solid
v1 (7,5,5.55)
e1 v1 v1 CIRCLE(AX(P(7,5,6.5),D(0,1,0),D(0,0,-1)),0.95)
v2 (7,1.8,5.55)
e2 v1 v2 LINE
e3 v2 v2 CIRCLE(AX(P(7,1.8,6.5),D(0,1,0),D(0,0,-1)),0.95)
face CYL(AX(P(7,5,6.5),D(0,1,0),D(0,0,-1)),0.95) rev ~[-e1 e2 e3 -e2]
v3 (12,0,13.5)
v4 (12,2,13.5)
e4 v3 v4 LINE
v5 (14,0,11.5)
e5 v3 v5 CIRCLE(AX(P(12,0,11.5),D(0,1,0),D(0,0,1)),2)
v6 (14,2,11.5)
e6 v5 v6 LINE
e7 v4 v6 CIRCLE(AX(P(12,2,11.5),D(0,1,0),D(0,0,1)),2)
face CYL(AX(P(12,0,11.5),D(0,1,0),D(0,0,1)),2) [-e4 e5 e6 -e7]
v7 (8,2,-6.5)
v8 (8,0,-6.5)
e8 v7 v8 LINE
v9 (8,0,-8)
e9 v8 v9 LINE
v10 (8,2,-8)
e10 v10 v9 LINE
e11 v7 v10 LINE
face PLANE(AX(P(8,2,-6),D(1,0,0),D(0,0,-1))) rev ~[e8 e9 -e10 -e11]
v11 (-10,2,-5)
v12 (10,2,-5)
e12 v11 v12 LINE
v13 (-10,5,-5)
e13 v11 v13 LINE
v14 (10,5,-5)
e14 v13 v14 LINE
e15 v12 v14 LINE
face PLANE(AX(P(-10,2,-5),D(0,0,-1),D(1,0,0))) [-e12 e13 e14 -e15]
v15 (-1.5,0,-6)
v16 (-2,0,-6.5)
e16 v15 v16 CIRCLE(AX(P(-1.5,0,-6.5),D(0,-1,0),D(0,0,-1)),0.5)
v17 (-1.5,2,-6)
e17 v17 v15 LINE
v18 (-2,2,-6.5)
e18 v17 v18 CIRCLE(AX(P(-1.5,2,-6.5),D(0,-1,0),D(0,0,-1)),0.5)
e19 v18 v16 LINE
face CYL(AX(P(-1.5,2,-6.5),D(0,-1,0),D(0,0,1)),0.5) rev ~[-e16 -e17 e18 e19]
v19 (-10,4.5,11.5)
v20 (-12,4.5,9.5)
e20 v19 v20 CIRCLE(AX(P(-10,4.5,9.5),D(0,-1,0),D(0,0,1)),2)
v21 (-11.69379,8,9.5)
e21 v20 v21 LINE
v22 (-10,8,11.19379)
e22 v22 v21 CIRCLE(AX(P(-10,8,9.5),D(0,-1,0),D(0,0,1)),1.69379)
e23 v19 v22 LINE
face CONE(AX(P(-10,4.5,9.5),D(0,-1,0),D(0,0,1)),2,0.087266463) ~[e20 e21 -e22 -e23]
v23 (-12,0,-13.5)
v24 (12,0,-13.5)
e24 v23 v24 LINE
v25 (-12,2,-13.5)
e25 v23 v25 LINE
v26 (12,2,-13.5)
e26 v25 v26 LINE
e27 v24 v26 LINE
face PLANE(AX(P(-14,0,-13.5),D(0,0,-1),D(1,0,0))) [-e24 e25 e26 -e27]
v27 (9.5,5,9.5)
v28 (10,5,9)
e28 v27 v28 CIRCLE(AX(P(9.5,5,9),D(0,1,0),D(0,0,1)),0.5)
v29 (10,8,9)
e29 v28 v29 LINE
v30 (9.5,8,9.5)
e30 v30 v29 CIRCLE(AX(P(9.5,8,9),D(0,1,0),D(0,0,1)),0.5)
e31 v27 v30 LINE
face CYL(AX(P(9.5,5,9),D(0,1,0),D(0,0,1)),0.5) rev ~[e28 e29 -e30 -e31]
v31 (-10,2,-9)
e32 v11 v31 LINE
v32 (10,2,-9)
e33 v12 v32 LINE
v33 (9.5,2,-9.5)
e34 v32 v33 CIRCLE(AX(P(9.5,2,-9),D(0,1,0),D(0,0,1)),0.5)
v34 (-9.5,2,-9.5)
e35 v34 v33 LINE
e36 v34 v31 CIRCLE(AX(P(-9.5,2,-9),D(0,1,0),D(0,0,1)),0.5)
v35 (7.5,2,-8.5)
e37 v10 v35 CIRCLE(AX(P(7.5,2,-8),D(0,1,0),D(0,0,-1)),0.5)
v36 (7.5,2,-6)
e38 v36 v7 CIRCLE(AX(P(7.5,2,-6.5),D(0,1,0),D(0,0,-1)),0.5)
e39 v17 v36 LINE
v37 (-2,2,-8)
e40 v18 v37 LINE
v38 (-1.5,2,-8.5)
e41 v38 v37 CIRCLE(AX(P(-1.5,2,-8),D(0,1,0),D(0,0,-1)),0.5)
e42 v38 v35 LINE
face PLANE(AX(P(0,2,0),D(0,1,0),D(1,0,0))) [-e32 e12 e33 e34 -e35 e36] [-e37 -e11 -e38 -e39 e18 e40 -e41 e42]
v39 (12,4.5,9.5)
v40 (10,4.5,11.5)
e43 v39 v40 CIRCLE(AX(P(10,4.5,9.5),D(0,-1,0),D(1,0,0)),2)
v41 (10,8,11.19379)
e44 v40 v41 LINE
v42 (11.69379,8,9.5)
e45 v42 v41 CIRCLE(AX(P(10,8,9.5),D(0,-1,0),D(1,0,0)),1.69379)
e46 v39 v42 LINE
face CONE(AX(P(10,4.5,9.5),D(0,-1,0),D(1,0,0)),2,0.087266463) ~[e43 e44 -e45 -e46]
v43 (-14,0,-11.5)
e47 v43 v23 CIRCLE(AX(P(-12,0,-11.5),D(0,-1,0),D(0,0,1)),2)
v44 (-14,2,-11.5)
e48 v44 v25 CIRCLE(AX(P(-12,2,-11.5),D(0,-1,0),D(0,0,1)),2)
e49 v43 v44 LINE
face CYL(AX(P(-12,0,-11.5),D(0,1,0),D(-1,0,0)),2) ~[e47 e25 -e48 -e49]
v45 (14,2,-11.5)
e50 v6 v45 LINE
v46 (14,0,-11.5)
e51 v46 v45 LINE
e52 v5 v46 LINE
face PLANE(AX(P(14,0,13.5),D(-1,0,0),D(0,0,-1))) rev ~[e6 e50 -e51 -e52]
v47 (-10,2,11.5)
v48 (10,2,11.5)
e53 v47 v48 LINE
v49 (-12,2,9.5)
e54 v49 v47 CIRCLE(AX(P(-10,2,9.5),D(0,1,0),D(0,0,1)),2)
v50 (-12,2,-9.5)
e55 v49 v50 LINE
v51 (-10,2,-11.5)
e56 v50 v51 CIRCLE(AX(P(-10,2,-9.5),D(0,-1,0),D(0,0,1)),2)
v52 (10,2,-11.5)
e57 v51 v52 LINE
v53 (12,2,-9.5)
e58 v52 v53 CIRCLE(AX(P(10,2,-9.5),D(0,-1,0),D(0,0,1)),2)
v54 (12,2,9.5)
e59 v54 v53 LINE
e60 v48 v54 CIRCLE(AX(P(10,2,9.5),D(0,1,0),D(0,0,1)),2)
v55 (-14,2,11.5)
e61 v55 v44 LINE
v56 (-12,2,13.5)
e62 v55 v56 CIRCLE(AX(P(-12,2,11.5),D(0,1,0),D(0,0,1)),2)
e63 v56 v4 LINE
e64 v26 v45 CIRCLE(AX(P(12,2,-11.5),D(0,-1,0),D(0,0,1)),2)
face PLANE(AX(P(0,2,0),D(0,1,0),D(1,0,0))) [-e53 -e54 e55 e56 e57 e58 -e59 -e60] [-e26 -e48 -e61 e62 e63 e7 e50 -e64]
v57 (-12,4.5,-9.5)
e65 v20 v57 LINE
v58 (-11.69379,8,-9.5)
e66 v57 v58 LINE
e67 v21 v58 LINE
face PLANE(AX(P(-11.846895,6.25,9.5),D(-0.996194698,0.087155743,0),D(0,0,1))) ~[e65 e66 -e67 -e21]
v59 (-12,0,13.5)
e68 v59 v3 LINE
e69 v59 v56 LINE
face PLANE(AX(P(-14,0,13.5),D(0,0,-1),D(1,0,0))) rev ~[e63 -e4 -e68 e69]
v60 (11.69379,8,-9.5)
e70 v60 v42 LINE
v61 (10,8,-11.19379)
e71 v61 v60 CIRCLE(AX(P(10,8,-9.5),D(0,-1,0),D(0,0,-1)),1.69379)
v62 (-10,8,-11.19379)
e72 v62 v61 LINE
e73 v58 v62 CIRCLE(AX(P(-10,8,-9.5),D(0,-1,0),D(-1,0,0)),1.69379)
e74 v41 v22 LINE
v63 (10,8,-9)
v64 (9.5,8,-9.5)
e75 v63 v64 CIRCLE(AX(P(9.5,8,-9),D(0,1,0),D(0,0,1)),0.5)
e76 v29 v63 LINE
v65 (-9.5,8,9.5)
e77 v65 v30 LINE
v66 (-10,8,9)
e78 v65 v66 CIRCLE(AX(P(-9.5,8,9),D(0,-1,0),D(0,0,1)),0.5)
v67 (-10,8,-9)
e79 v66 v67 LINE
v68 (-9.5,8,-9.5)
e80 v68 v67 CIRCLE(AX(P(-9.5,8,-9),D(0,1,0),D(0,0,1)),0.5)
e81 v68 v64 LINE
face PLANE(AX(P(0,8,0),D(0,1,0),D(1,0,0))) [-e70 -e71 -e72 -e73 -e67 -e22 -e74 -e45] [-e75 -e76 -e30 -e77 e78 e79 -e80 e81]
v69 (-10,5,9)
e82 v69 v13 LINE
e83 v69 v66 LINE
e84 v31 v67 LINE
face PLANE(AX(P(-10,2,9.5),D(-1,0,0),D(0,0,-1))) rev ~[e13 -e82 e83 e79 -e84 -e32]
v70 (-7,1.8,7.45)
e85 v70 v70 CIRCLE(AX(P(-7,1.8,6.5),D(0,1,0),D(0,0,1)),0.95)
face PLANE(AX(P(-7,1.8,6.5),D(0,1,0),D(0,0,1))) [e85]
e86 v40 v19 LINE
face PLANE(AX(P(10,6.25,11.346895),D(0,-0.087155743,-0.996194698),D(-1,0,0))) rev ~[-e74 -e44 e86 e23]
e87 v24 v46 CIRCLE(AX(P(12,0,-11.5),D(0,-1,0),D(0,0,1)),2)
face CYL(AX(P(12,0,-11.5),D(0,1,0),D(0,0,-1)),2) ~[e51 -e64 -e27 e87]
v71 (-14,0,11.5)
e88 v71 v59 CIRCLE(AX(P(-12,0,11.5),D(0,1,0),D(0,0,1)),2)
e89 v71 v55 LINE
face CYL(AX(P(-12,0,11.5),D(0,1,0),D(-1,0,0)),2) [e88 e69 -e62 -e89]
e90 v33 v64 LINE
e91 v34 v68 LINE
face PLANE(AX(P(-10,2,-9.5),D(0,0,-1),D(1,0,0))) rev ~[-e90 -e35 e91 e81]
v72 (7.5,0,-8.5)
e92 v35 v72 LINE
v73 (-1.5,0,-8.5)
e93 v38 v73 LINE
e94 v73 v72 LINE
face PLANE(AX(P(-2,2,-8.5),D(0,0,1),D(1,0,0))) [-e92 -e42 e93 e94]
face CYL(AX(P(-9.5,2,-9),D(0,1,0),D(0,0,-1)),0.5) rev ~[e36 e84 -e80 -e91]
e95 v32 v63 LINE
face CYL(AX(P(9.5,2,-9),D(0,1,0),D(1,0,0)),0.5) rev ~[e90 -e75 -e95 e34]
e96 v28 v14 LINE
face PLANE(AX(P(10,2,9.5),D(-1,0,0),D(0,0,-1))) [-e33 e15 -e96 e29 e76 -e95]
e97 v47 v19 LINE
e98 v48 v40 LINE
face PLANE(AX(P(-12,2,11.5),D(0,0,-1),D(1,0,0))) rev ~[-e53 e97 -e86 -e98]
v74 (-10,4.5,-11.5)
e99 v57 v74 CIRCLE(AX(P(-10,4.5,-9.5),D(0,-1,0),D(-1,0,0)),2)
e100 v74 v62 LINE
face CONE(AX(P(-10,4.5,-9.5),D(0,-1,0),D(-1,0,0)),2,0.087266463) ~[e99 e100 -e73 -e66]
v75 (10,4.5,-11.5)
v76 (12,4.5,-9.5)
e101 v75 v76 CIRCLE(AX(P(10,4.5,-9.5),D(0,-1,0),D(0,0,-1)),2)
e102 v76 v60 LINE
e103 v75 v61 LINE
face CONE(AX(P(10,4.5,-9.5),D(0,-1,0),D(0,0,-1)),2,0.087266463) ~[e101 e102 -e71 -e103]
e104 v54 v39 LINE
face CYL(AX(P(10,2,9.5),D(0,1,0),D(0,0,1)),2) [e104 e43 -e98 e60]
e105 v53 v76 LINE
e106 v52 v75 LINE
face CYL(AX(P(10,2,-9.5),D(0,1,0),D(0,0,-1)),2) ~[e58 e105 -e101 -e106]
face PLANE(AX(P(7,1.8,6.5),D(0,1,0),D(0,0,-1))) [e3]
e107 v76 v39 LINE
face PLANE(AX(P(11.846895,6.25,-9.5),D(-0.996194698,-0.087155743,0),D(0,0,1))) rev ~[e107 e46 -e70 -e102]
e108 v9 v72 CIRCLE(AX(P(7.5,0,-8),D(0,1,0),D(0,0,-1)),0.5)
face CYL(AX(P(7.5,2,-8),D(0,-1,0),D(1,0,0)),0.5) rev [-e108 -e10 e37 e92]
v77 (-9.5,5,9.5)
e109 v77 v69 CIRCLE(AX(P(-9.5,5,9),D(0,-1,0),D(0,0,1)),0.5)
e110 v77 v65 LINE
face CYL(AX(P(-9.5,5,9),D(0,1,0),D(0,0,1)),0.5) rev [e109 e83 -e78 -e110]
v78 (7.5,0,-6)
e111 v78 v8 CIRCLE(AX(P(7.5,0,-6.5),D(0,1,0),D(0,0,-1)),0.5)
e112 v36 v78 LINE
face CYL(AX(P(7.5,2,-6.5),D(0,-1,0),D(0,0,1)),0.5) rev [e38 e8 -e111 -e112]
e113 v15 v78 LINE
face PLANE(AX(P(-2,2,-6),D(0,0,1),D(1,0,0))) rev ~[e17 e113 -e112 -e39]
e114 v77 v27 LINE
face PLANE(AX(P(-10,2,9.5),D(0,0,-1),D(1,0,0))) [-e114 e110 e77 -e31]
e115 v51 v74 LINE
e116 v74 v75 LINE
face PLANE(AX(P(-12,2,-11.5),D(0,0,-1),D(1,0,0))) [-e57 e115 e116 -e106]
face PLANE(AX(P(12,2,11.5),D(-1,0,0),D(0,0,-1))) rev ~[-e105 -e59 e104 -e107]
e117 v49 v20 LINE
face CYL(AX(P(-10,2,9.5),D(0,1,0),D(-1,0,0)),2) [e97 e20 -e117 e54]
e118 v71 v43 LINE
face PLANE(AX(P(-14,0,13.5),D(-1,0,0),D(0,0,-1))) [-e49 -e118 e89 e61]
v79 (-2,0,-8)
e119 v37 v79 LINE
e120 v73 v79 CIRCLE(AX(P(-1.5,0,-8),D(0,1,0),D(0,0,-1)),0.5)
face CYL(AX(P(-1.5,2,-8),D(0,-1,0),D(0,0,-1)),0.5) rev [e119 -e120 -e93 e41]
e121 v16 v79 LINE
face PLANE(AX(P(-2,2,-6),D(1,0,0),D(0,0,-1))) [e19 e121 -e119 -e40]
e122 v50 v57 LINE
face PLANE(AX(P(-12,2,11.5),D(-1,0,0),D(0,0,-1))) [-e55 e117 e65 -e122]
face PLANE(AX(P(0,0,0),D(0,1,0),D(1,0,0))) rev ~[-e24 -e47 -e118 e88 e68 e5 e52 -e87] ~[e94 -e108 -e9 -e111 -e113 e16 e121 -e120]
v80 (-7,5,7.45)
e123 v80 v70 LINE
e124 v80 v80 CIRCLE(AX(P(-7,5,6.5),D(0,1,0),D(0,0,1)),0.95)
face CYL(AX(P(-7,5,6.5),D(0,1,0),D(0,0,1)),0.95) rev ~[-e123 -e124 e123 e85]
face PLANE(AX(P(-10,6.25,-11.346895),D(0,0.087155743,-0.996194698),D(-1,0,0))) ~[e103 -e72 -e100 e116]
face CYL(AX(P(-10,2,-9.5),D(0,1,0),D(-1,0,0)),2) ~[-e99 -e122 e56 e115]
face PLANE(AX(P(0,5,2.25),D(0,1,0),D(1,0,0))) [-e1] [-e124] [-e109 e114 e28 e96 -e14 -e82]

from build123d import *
from OCP.BRepFilletAPI import BRepFilletAPI_MakeChamfer

# Parameters (mm, degrees)
SKETCH1_W           = 28
SKETCH1_H           = 27
BOSS_EXTRUDE1_DEPTH = 2
SKETCH2_W           = 10
SKETCH2_H           = 2.5
CUT_EXTRUDE1_DEPTH  = 2
SKETCH3_W           = 20
SKETCH3_H           = 14.5
BOSS_EXTRUDE2_DEPTH = 3
SKETCH4_W           = 24
SKETCH4_H           = 23
SKETCH4_W_2         = 20
SKETCH4_H_2         = 19
BOSS_EXTRUDE3_DEPTH = 6
SKETCH5_R           = 0.95
CUT_EXTRUDE2_DEPTH  = 3.2
FILLET1_R           = 2
FILLET2_R           = 0.5
CHAMFER1_SIZE       = 3.5
CHAMFER1_SIZE2      = 0.306210322


with BuildPart() as part:
    # Sketch1 → Boss-Extrude1 (new body)
    with BuildSketch(Plane(origin=(0, 0, 0), x_dir=(1, 0, 0), z_dir=(0, 1, 0))):
        Rectangle(SKETCH1_W, SKETCH1_H)
    extrude(amount=BOSS_EXTRUDE1_DEPTH)

    # Sketch2 → Cut-Extrude1 (cut)
    with BuildSketch(Plane(origin=(0, 2, 0), x_dir=(1, 0, 0), z_dir=(0, 1, 0))):
        with Locations((3, 7.25)):
            Rectangle(SKETCH2_W, SKETCH2_H)
    extrude(amount=-CUT_EXTRUDE1_DEPTH, mode=Mode.SUBTRACT)

    # Sketch3 → Boss-Extrude2 (add)
    with BuildSketch(Plane(origin=(0, 2, 0), x_dir=(1, 0, 0), z_dir=(0, 1, 0))):
        with Locations((0, -2.25)):
            Rectangle(SKETCH3_W, SKETCH3_H)
    extrude(amount=BOSS_EXTRUDE2_DEPTH)

    # Sketch4 → Boss-Extrude3 (add)
    with BuildSketch(Plane(origin=(0, 2, 0), x_dir=(1, 0, 0), z_dir=(0, 1, 0))):
        Rectangle(SKETCH4_W, SKETCH4_H)
        Rectangle(SKETCH4_W_2, SKETCH4_H_2, mode=Mode.SUBTRACT)
    extrude(amount=BOSS_EXTRUDE3_DEPTH)

    # Sketch5 → Cut-Extrude2 (cut)
    with BuildSketch(Plane(origin=(0, 5, 0), x_dir=(1, 0, 0), z_dir=(0, 1, 0))):
        with Locations(Location((-7, -6.5, 0), (0, 0, 270))):
            Circle(SKETCH5_R)
        with Locations(Location((7, -6.5, 0), (0, 0, 90))):
            Circle(SKETCH5_R)
    extrude(amount=-CUT_EXTRUDE2_DEPTH, mode=Mode.SUBTRACT)

    # Fillet1
    fillet1_edges = [part.edges().sort_by_distance(p)[0] for p in [
        (12, 5, -11.5),
        (-12, 5, -11.5),
        (-12, 5, 11.5),
        (12, 5, 11.5),
        (14, 1, 13.5),
        (-14, 1, 13.5),
        (-14, 1, -13.5),
        (14, 1, -13.5),
    ]]
    fillet(fillet1_edges, radius=FILLET1_R)

    # Fillet2
    fillet2_edges = [part.edges().sort_by_distance(p)[0] for p in [
        (-2, 1, -8.5),
        (-2, 1, -6),
        (8, 1, -6),
        (8, 1, -8.5),
        (10, 5, -9.5),
        (-10, 6.5, 9.5),
        (10, 6.5, 9.5),
        (-10, 5, -9.5),
    ]]
    fillet(fillet2_edges, radius=FILLET2_R)

    # Chamfer1: one chamfer whose edges measure the first distance from different faces: ONE call of the kernel's chamfer builder (chamfer() names one face for all edges)
    chamfer1_edges_1 = [part.edges().sort_by_distance(p)[0] for p in [
        (0, 8, -11.5),
    ]]
    chamfer1_side_1 = [part.faces().sort_by_distance(p)[0] for p in [
        (0, 5, -11.5),
    ]]
    chamfer1_edges_2 = [part.edges().sort_by_distance(p)[0] for p in [
        (12, 8, 0),
    ]]
    chamfer1_side_2 = [part.faces().sort_by_distance(p)[0] for p in [
        (12, 5, 0),
    ]]
    chamfer1_edges_3 = [part.edges().sort_by_distance(p)[0] for p in [
        (-12, 8, 0),
    ]]
    chamfer1_side_3 = [part.faces().sort_by_distance(p)[0] for p in [
        (-12, 5, 0),
    ]]
    chamfer1_edges_4 = [part.edges().sort_by_distance(p)[0] for p in [
        (0, 8, 11.5),
    ]]
    chamfer1_side_4 = [part.faces().sort_by_distance(p)[0] for p in [
        (0, 5, 11.5),
    ]]
    chamfer1_edges_5 = [part.edges().sort_by_distance(p)[0] for p in [
        (-11.414213562, 8, -10.914213562),
    ]]
    chamfer1_side_5 = [part.faces().sort_by_distance(p)[0] for p in [
        (-11.414213562, 5, -10.914213562),
    ]]
    chamfer1_edges_6 = [part.edges().sort_by_distance(p)[0] for p in [
        (-11.414213562, 8, 10.914213562),
    ]]
    chamfer1_side_6 = [part.faces().sort_by_distance(p)[0] for p in [
        (-11.414213562, 5, 10.914213562),
    ]]
    chamfer1_edges_7 = [part.edges().sort_by_distance(p)[0] for p in [
        (11.414213562, 8, 10.914213562),
    ]]
    chamfer1_side_7 = [part.faces().sort_by_distance(p)[0] for p in [
        (11.414213562, 5, 10.914213562),
    ]]
    chamfer1_edges_8 = [part.edges().sort_by_distance(p)[0] for p in [
        (11.414213562, 8, -10.914213562),
    ]]
    chamfer1_side_8 = [part.faces().sort_by_distance(p)[0] for p in [
        (11.414213562, 5, -10.914213562),
    ]]
    chamfer1 = BRepFilletAPI_MakeChamfer(part.part.solid().wrapped)
    for e in chamfer1_edges_1:
        chamfer1.Add(CHAMFER1_SIZE, CHAMFER1_SIZE2, e.wrapped, chamfer1_side_1[0].wrapped)  # the first distance lies on this face
    for e in chamfer1_edges_2:
        chamfer1.Add(CHAMFER1_SIZE, CHAMFER1_SIZE2, e.wrapped, chamfer1_side_2[0].wrapped)  # the first distance lies on this face
    for e in chamfer1_edges_3:
        chamfer1.Add(CHAMFER1_SIZE, CHAMFER1_SIZE2, e.wrapped, chamfer1_side_3[0].wrapped)  # the first distance lies on this face
    for e in chamfer1_edges_4:
        chamfer1.Add(CHAMFER1_SIZE, CHAMFER1_SIZE2, e.wrapped, chamfer1_side_4[0].wrapped)  # the first distance lies on this face
    for e in chamfer1_edges_5:
        chamfer1.Add(CHAMFER1_SIZE, CHAMFER1_SIZE2, e.wrapped, chamfer1_side_5[0].wrapped)  # the first distance lies on this face
    for e in chamfer1_edges_6:
        chamfer1.Add(CHAMFER1_SIZE, CHAMFER1_SIZE2, e.wrapped, chamfer1_side_6[0].wrapped)  # the first distance lies on this face
    for e in chamfer1_edges_7:
        chamfer1.Add(CHAMFER1_SIZE, CHAMFER1_SIZE2, e.wrapped, chamfer1_side_7[0].wrapped)  # the first distance lies on this face
    for e in chamfer1_edges_8:
        chamfer1.Add(CHAMFER1_SIZE, CHAMFER1_SIZE2, e.wrapped, chamfer1_side_8[0].wrapped)  # the first distance lies on this face
    add(Compound.cast(chamfer1.Shape()), mode=Mode.REPLACE)


solid = part.part
